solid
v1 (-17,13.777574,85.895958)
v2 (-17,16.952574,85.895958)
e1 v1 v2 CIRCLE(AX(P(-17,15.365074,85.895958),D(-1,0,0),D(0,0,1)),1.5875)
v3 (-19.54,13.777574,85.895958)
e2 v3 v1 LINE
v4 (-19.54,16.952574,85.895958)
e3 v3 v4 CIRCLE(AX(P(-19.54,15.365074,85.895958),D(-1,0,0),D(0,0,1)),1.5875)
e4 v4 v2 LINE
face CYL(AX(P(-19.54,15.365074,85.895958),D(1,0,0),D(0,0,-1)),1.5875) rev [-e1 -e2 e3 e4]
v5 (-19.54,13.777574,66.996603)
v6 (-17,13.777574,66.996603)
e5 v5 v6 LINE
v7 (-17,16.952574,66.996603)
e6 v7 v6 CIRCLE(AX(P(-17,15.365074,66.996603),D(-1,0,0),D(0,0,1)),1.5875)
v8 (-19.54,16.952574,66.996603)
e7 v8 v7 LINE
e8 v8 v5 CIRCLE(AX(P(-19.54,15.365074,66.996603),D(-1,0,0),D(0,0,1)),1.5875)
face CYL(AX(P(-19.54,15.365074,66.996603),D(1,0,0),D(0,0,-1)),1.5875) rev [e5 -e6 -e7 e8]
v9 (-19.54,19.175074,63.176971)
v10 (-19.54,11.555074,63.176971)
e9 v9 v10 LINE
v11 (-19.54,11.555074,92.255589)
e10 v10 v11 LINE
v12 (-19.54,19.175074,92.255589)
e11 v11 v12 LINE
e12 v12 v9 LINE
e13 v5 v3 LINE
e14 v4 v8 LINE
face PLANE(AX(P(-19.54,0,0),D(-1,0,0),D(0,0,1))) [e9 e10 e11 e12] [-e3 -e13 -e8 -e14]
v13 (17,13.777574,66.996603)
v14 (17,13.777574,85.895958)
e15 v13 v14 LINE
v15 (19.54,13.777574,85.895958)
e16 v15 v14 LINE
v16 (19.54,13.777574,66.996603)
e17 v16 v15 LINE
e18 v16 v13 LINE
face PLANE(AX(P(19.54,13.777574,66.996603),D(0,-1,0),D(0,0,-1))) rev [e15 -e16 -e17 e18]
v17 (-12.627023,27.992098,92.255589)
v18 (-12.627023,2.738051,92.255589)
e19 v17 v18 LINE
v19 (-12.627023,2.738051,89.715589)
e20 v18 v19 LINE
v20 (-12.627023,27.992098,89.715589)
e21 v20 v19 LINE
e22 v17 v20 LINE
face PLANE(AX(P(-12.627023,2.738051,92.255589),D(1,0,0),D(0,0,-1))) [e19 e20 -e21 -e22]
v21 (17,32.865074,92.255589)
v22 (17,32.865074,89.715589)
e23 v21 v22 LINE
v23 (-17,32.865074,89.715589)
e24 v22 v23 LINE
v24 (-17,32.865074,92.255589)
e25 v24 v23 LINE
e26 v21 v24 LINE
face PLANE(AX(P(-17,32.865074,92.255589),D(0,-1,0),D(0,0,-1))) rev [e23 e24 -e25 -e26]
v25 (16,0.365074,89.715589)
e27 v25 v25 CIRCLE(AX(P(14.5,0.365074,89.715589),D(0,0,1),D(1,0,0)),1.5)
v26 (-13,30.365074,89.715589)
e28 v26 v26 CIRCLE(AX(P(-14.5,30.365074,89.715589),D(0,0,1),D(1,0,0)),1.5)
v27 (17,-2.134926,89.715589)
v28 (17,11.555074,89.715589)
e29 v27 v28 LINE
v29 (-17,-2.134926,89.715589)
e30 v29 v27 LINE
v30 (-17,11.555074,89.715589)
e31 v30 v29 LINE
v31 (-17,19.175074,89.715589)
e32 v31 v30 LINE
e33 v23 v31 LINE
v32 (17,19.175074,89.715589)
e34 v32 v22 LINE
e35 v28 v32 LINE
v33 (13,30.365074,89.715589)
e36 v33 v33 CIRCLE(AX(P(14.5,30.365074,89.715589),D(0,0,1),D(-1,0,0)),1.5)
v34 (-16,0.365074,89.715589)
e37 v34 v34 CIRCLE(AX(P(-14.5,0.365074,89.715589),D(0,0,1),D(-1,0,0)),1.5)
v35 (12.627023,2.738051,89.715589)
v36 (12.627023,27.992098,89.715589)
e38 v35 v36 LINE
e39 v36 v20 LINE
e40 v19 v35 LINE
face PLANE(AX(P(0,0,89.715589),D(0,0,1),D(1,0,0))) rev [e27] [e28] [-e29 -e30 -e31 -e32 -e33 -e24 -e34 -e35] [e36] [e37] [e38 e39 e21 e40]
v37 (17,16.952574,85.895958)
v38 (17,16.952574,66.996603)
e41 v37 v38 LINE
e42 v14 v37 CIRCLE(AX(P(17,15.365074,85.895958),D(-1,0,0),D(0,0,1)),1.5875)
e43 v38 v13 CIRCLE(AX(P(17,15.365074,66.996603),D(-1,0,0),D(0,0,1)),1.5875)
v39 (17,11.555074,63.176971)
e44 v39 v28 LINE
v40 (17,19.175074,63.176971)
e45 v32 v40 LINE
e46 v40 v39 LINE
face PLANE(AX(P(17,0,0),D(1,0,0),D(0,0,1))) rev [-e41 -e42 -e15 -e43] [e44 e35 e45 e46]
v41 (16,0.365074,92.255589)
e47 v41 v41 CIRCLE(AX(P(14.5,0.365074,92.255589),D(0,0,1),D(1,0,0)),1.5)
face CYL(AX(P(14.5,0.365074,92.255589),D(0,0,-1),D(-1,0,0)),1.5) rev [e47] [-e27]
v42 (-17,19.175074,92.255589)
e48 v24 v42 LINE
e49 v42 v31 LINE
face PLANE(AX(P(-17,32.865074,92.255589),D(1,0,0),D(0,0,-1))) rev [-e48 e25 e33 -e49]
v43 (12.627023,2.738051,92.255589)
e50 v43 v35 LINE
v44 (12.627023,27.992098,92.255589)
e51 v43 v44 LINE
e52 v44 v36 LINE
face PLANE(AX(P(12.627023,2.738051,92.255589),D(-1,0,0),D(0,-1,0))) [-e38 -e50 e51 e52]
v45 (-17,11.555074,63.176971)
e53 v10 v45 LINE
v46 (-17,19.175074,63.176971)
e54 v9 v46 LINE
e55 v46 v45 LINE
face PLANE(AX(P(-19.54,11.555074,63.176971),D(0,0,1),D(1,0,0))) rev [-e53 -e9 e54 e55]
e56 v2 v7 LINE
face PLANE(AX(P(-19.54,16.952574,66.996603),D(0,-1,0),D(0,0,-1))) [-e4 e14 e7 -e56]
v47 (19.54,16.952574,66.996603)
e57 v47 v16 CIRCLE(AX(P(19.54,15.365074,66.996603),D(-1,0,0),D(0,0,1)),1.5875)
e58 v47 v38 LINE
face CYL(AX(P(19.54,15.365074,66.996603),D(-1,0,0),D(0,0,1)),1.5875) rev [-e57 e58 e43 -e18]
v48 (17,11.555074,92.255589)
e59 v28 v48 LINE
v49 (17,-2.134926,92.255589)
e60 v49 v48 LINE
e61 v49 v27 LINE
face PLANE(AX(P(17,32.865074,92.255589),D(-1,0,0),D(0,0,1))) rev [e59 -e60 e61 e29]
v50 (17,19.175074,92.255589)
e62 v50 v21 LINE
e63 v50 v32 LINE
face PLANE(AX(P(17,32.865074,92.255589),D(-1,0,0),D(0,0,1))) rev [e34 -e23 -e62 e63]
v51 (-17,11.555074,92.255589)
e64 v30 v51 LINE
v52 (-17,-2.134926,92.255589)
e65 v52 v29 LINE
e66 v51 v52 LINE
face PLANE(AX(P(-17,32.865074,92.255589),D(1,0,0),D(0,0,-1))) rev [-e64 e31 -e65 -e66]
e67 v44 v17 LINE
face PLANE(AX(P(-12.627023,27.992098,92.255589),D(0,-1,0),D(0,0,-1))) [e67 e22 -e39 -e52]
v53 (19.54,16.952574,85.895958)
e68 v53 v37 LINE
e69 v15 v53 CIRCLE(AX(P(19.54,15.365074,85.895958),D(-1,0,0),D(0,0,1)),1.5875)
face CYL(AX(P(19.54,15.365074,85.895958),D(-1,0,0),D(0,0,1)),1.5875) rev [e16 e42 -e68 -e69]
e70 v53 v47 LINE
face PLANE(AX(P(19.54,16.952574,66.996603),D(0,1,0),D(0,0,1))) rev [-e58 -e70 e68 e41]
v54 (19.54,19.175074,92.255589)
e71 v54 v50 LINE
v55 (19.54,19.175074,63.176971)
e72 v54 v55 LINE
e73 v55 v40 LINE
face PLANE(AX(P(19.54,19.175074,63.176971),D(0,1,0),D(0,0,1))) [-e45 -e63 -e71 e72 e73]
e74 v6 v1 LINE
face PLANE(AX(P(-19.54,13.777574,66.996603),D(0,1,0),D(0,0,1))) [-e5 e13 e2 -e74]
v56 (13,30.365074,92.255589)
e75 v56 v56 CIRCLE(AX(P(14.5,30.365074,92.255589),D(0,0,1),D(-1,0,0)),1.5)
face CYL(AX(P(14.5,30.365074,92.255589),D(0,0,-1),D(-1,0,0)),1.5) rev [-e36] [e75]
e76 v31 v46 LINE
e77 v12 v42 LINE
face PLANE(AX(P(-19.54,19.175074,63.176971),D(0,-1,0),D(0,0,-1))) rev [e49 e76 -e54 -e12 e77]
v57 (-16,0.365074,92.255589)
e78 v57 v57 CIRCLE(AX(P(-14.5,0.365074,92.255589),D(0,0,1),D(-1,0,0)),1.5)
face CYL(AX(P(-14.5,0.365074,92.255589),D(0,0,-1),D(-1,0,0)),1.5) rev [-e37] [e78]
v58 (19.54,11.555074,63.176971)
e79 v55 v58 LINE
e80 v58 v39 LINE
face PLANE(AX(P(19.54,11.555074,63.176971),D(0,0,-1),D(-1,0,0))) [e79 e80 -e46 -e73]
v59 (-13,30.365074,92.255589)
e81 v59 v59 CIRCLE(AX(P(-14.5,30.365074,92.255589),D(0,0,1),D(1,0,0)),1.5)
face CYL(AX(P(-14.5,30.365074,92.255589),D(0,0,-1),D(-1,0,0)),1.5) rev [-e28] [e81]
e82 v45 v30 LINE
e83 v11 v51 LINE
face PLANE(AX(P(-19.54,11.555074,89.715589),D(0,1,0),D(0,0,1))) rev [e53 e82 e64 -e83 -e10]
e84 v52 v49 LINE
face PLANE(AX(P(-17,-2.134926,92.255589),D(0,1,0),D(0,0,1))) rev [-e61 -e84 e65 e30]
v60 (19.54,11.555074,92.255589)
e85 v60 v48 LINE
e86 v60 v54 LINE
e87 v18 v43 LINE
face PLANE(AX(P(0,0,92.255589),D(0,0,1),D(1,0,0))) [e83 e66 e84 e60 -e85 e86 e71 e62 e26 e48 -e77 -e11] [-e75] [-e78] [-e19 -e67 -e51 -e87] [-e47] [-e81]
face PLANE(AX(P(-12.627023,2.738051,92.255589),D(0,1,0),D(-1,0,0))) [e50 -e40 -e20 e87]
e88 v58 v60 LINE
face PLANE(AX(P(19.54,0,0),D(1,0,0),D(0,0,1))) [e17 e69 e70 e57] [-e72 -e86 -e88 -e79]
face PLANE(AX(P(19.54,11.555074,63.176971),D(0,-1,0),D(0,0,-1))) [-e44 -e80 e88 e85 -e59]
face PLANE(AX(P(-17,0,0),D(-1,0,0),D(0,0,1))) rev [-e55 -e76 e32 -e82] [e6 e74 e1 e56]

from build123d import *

# Parameters (mm, degrees)
SKETCH1_W           = 34
SKETCH1_H           = 35
SKETCH1_R           = 1.5
SKETCH1_W_2         = 25.254046856
SKETCH1_H_2         = 25.254046855
BOSS_EXTRUDE1_DEPTH = 2.54
BOSS_EXTRUDE2_DEPTH = 2.54


with BuildPart() as part:
    # Sketch1 → Boss-Extrude1 (new body)
    with BuildSketch(Plane.XY.offset(89.71558927)):
        with Locations((0, 15.365074249)):
            Rectangle(SKETCH1_W, SKETCH1_H)
        with Locations((-14.5, 30.365074249)):
            Circle(SKETCH1_R, mode=Mode.SUBTRACT)
        with Locations((14.5, 30.365074249)):
            Circle(SKETCH1_R, mode=Mode.SUBTRACT)
        with Locations((14.5, 0.365074249)):
            Circle(SKETCH1_R, mode=Mode.SUBTRACT)
        with Locations((-14.5, 0.365074249)):
            Circle(SKETCH1_R, mode=Mode.SUBTRACT)
        with Locations((0, 15.36507425)):
            Rectangle(SKETCH1_W_2, SKETCH1_H_2, mode=Mode.SUBTRACT)
    extrude(amount=BOSS_EXTRUDE1_DEPTH)

    # Sketch2 → Boss-Extrude2 (add)
    with BuildSketch(Plane.ZY.offset(17)):
        Polygon((63.176971269, 11.555074249), (89.71558927, 11.555074249), (92.25558927, 11.555074249), (92.25558927, 19.175074249), (89.71558927, 19.175074249), (63.176971269, 19.175074249), align=None)
        with BuildLine():
            Line((66.996602623, 16.952574249), (85.895957916, 16.952574249))
            ThreePointArc((85.895957916, 16.952574249), (87.483457916, 15.365074249), (85.895957916, 13.777574249))
            Line((85.895957916, 13.777574249), (66.996602623, 13.777574249))
            ThreePointArc((66.996602623, 13.777574249), (65.409102623, 15.365074249), (66.996602623, 16.952574249))
        make_face(mode=Mode.SUBTRACT)
    boss_extrude2 = extrude(amount=BOSS_EXTRUDE2_DEPTH)

    # Mirror1: Boss-Extrude2 across plane
    add(boss_extrude2.mirror(Plane(origin=(0, 0, 0), x_dir=(0, 0, 1), z_dir=(1, 0, 0))))


solid = part.part
